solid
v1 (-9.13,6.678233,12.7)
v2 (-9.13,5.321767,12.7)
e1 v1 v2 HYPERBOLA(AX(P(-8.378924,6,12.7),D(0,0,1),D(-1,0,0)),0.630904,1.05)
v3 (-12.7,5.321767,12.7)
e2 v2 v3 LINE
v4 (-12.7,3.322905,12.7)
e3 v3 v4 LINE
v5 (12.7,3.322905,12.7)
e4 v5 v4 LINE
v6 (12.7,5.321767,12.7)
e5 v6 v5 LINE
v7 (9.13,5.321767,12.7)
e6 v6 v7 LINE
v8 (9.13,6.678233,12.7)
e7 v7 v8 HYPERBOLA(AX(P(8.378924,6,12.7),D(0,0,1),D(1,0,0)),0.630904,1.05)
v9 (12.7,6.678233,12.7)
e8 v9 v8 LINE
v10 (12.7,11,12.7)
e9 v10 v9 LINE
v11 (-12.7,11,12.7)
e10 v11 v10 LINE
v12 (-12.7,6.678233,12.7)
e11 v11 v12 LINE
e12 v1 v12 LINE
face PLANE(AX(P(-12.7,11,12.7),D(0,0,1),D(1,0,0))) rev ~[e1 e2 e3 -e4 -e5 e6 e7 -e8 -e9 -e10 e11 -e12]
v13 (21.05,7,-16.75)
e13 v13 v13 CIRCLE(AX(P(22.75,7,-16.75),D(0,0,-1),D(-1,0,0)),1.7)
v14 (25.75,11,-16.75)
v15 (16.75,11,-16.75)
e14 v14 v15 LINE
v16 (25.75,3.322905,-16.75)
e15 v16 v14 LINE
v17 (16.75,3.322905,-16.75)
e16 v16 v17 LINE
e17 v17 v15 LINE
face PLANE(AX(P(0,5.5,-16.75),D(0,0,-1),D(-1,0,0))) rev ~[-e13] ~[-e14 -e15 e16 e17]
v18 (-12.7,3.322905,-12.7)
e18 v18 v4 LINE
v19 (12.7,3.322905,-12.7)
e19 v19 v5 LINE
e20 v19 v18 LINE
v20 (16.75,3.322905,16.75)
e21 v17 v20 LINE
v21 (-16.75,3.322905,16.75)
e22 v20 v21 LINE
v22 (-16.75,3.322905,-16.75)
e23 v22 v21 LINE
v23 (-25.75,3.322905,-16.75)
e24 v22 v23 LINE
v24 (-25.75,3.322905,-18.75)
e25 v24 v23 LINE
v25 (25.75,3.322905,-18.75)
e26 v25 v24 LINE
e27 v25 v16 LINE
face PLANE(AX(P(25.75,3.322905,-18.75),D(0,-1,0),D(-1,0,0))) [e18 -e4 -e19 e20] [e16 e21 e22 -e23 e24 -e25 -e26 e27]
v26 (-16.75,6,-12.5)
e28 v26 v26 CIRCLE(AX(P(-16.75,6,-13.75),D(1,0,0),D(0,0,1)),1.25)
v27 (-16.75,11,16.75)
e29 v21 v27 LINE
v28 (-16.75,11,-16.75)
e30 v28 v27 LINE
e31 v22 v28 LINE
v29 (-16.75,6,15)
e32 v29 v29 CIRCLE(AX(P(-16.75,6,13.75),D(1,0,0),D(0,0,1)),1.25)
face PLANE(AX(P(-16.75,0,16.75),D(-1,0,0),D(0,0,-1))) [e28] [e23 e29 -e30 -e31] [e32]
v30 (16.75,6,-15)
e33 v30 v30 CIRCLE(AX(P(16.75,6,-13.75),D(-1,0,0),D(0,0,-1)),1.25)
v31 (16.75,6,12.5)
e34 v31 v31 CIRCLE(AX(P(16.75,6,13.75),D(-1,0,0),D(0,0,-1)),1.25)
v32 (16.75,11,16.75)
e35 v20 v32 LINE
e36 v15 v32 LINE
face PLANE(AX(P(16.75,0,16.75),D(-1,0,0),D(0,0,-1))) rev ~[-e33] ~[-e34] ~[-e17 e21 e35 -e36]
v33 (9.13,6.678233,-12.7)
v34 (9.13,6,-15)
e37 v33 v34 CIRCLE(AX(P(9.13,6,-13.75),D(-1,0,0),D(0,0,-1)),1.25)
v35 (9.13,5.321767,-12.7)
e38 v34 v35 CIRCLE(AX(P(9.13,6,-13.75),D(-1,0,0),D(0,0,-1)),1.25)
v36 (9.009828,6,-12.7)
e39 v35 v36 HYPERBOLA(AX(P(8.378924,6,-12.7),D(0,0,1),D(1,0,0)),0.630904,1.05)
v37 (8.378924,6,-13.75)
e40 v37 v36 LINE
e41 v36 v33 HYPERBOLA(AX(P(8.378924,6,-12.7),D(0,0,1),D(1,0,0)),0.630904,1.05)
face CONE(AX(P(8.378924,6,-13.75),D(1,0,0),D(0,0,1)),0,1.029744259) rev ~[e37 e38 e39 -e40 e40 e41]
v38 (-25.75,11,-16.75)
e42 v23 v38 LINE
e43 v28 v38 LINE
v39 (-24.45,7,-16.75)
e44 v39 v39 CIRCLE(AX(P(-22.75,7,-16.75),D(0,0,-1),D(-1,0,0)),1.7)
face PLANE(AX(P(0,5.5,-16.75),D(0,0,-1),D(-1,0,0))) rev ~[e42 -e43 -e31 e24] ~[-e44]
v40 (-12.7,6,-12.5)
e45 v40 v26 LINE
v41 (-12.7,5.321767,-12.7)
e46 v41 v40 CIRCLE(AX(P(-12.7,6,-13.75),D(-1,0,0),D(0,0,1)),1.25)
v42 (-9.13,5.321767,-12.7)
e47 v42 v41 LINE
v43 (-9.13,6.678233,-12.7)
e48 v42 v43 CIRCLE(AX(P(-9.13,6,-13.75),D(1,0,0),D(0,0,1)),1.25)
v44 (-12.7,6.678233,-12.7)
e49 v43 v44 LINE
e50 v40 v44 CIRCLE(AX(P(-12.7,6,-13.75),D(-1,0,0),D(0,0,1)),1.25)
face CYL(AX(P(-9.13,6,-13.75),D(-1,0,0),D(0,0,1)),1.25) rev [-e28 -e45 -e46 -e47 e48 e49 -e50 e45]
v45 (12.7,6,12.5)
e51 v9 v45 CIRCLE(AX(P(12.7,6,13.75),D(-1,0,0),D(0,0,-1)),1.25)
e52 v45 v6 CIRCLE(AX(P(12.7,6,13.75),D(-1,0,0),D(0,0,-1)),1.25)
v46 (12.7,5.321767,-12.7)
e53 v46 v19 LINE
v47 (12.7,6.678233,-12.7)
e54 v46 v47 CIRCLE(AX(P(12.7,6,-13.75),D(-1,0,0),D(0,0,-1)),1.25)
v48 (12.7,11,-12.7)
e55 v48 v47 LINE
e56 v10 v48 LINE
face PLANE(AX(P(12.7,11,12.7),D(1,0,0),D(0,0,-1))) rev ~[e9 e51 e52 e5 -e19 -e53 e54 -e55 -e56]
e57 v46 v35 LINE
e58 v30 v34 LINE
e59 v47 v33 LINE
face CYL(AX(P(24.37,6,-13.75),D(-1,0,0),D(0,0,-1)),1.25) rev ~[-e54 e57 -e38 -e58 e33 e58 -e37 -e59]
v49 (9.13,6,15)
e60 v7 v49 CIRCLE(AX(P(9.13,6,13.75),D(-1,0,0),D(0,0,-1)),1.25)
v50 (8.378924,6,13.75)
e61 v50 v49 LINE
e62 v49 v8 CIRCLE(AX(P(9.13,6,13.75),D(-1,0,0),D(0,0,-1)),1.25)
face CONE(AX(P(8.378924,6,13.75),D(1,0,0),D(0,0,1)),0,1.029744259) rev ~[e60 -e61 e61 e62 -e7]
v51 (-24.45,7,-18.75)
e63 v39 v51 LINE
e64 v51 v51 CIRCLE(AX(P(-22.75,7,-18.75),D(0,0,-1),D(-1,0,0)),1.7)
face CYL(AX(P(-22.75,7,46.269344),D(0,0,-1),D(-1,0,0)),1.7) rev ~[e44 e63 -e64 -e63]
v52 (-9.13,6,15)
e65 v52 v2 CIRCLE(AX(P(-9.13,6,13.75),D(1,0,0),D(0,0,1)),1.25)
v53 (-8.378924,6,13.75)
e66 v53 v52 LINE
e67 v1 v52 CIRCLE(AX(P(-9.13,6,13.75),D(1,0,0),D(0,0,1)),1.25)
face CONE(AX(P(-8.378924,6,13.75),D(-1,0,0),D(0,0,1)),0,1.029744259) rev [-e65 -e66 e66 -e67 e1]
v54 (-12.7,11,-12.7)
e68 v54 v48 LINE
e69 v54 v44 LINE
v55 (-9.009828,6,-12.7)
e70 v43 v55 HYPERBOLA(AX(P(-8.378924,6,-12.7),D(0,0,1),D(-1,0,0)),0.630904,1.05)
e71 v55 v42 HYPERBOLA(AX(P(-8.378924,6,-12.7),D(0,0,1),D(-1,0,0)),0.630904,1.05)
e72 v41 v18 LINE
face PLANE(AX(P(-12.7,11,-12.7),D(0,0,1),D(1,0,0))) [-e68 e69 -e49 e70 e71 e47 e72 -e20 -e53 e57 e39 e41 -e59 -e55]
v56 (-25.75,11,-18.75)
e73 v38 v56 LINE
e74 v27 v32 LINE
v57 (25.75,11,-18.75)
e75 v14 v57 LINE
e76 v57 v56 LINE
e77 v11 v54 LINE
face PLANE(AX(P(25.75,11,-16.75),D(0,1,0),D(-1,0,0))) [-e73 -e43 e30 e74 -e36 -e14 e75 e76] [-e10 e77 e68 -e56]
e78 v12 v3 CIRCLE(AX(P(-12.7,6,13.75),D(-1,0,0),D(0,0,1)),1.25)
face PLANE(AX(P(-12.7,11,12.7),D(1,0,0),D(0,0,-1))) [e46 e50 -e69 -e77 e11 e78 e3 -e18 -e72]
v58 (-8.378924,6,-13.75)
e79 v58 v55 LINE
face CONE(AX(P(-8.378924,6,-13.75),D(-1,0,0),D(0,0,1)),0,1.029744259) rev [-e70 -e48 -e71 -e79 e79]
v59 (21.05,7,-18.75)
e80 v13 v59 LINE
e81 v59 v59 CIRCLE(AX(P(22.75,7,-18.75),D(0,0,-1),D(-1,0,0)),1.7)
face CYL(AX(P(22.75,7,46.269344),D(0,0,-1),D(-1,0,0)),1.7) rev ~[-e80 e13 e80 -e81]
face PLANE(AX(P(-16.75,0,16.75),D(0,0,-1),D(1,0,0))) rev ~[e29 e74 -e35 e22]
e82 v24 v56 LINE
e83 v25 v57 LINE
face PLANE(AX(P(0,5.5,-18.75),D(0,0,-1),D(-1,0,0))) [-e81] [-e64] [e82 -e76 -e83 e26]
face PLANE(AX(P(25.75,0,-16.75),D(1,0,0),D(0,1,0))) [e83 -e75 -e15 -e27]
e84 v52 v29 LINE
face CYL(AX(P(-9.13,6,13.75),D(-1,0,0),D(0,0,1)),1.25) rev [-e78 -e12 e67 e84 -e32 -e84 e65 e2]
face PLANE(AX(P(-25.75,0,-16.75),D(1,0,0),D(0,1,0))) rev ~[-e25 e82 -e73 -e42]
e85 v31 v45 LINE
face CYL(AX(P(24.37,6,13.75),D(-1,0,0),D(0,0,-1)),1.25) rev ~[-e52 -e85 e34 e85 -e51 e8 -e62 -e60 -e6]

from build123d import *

# Parameters (mm, degrees)
SKETCH1_W                      = 33.5
SKETCH1_H                      = 33.5
BOSS_EXTRUDE1_DEPTH            = 70
M3X0_5_TAPPED_HOLE1_D          = 2.5
M3X0_5_TAPPED_HOLE1_DEPTH      = 7.62
M3X0_5_TAPPED_HOLE1_TIP        = 0.751075774
M3X0_5_TAPPED_HOLE2_D          = 2.5
M3X0_5_TAPPED_HOLE2_DEPTH      = 7.62
M3X0_5_TAPPED_HOLE2_TIP        = 0.751075774
SKETCH7_W                      = 6
SKETCH7_H                      = 50
BOSS_EXTRUDE2_DEPTH            = 3
SKETCH8_W                      = 6
SKETCH8_H                      = 50
BOSS_EXTRUDE3_DEPTH            = 3
SKETCH10_W                     = 1.7
SKETCH10_H                     = 33.5
M3_CLEARANCE_HOLE1_AT_2_COUNT  = 2
M3_CLEARANCE_HOLE1_AT_2_PITCH  = 25
M3_CLEARANCE_HOLE1_AT_3_COUNT  = 2
M3_CLEARANCE_HOLE1_AT_3_PITCH  = 39.5
M3_CLEARANCE_HOLE1_AT_4_COUNT  = 2
M3_CLEARANCE_HOLE1_AT_4_PITCH  = 46.746657635
SKETCH12_W                     = 33.5
SKETCH12_H                     = 45
CUT_EXTRUDE2_DEPTH             = 32.5
M3X0_5_TAPPED_HOLE3_AT_2_COUNT = 2
M3X0_5_TAPPED_HOLE3_AT_2_PITCH = 27.5
SKETCH16_W                     = 45.5
SKETCH16_H                     = 59.85996371
CUT_EXTRUDE3_DEPTH             = 34.5
SKETCH17_W                     = 51.5
SKETCH17_H                     = 11
BOSS_EXTRUDE4_DEPTH            = 2
SKETCH22_W                     = 51.5
SKETCH22_H                     = 3.322905466
CUT_EXTRUDE5_DEPTH             = 36.5
M3_CLEARANCE_HOLE3_D           = 3.4
SKETCH24_W                     = 25.4
SKETCH24_H                     = 25.4
CUT_EXTRUDE6_DEPTH             = 8.677094534


with BuildPart() as part:
    # Sketch1 → Boss-Extrude1 (new body)
    with BuildSketch(Plane(origin=(0, 0, 0), x_dir=(1, 0, 0), z_dir=(0, 1, 0))):
        Rectangle(SKETCH1_W, SKETCH1_H)
    extrude(amount=BOSS_EXTRUDE1_DEPTH)

    # M3x0.5 Tapped Hole1
    with Locations(Plane(origin=(13.75, 70, 13.75), x_dir=(0, 0, 1), z_dir=(0, 1, 0))):
        with Locations((0, 0), (-27.5, -27.5)):
            Hole(M3X0_5_TAPPED_HOLE1_D / 2, depth=M3X0_5_TAPPED_HOLE1_DEPTH)
            with Locations((0, 0, -(M3X0_5_TAPPED_HOLE1_DEPTH + M3X0_5_TAPPED_HOLE1_TIP / 2))):  # 118° drill point
                Cone(0, M3X0_5_TAPPED_HOLE1_D / 2, M3X0_5_TAPPED_HOLE1_TIP, mode=Mode.SUBTRACT)

    # M3x0.5 Tapped Hole2
    with Locations(Plane(origin=(16.75, 6, 13.75), x_dir=(0, 0, 1), z_dir=(1, 0, 0))):
        with Locations((0, 0), (-27.5, 0)):
            Hole(M3X0_5_TAPPED_HOLE2_D / 2, depth=M3X0_5_TAPPED_HOLE2_DEPTH)
            with Locations((0, 0, -(M3X0_5_TAPPED_HOLE2_DEPTH + M3X0_5_TAPPED_HOLE2_TIP / 2))):  # 118° drill point
                Cone(0, M3X0_5_TAPPED_HOLE2_D / 2, M3X0_5_TAPPED_HOLE2_TIP, mode=Mode.SUBTRACT)

    # Sketch12 → Cut-Extrude2 (cut)
    with BuildSketch(Plane.XY.offset(16.75)):
        with Locations((0, 35.5)):
            Rectangle(SKETCH12_W, SKETCH12_H)
    extrude(amount=-CUT_EXTRUDE2_DEPTH, mode=Mode.SUBTRACT)

    # Sketch13 → M3x0.5 Tapped Hole3 (revolve, cut)
    with BuildSketch(Plane(origin=(-16.75, 6, -13.75), x_dir=(0, 0, 1), z_dir=(0, 1, 0))):
        Polygon((0, 0), (0, 8.371075774), (1.25, 7.62), (1.25, 0), align=None)
    m3x0_5_tapped_hole3 = revolve(axis=Axis((-23.1, 6, -13.75), (1, 0, 0)), mode=Mode.SUBTRACT)

    # M3x0.5 Tapped Hole3 at 2: M3x0.5 Tapped Hole3 ×2
    with Locations(*[(0, 0, i * M3X0_5_TAPPED_HOLE3_AT_2_PITCH) for i in range(1, M3X0_5_TAPPED_HOLE3_AT_2_COUNT)]):
        add(m3x0_5_tapped_hole3, mode=Mode.SUBTRACT)


with BuildPart() as body_2:
    # Sketch7 → Boss-Extrude2 (new body)
    with BuildSketch(Plane(origin=(0, 0, -16.75), x_dir=(-1, 0, 0), z_dir=(0, 0, -1))):
        with Locations((-19.75, 36)):
            Rectangle(SKETCH7_W, SKETCH7_H)
    extrude(amount=-BOSS_EXTRUDE2_DEPTH)

    # Sketch10 → M3 Clearance Hole1 (revolve, cut)
    with BuildSketch(Plane(origin=(19.75, 51, -16.75), x_dir=(0, 1, 0), z_dir=(1, 0, 0))):
        with Locations((0.85, 16.75)):
            Rectangle(SKETCH10_W, SKETCH10_H)
    m3_clearance_hole1 = revolve(axis=Axis((19.75, 51, -23.1), (0, 0, 1)), mode=Mode.SUBTRACT)

    # M3 Clearance Hole1 at 2: M3 Clearance Hole1 ×2
    with Locations(*[(0, -i * M3_CLEARANCE_HOLE1_AT_2_PITCH, 0) for i in range(1, M3_CLEARANCE_HOLE1_AT_2_COUNT)]):
        add(m3_clearance_hole1, mode=Mode.SUBTRACT)


with BuildPart() as body_3:
    # Sketch8 → Boss-Extrude3 (new body)
    with BuildSketch(Plane(origin=(0, 0, -16.75), x_dir=(-1, 0, 0), z_dir=(0, 0, -1))):
        with Locations((19.75, 36)):
            Rectangle(SKETCH8_W, SKETCH8_H)
    extrude(amount=-BOSS_EXTRUDE3_DEPTH)

    # M3 Clearance Hole1 at 3: M3 Clearance Hole1 ×2
    with Locations(*[(-i * M3_CLEARANCE_HOLE1_AT_3_PITCH, 0, 0) for i in range(1, M3_CLEARANCE_HOLE1_AT_3_COUNT)]):
        add(m3_clearance_hole1, mode=Mode.SUBTRACT)

    # M3 Clearance Hole1 at 4: M3 Clearance Hole1 ×2
    with Locations(*[Vector(-0.844980197, -0.534797593, 0) * (i * M3_CLEARANCE_HOLE1_AT_4_PITCH) for i in range(1, M3_CLEARANCE_HOLE1_AT_4_COUNT)]):
        add(m3_clearance_hole1, mode=Mode.SUBTRACT)


with BuildPart() as cut_extrude3_tool:
    # Sketch16 → Cut-Extrude3 (new body, through all)
    with BuildSketch(Plane.XY.offset(16.75)):
        with Locations((0, 40.929981855)):
            Rectangle(SKETCH16_W, SKETCH16_H)
    extrude(amount=-CUT_EXTRUDE3_DEPTH)


with BuildPart() as part_1:
    add(part.part)

    # Cut-Extrude3: cut by cut_extrude3_tool
    add(cut_extrude3_tool.part, mode=Mode.SUBTRACT)

    # Sketch17 → Boss-Extrude4 (add)
    with BuildSketch(Plane(origin=(0, 0, -16.75), x_dir=(-1, 0, 0), z_dir=(0, 0, -1))):
        with Locations((0, 5.5)):
            Rectangle(SKETCH17_W, SKETCH17_H)
    extrude(amount=BOSS_EXTRUDE4_DEPTH)

    # Sketch22 → Cut-Extrude5 (cut, through all)
    with BuildSketch(Plane(origin=(0, 0, -18.75), x_dir=(-1, 0, 0), z_dir=(0, 0, -1))):
        with Locations((0, 1.661452733)):
            Rectangle(SKETCH22_W, SKETCH22_H)
    extrude(amount=-CUT_EXTRUDE5_DEPTH, mode=Mode.SUBTRACT)

    # M3 Clearance Hole3 (through all)
    with Locations(Plane(origin=(22.75, 7, -16.75), x_dir=(1, 0, 0), z_dir=(0, 0, 1))):
        with Locations((0, 0), (-45.5, 0)):
            Hole(M3_CLEARANCE_HOLE3_D / 2)

    # Sketch24 → Cut-Extrude6 (cut, through all)
    with BuildSketch(Plane(origin=(0, 11, 0), x_dir=(1, 0, 0), z_dir=(0, 1, 0))):
        Rectangle(SKETCH24_W, SKETCH24_H)
    extrude(amount=-CUT_EXTRUDE6_DEPTH, mode=Mode.SUBTRACT)


with BuildPart() as body_2_1:
    add(body_2.part)

    # Cut-Extrude3: cut by cut_extrude3_tool
    add(cut_extrude3_tool.part, mode=Mode.SUBTRACT)


with BuildPart() as body_3_1:
    add(body_3.part)

    # Cut-Extrude3: cut by cut_extrude3_tool
    add(cut_extrude3_tool.part, mode=Mode.SUBTRACT)


solid = part_1.part
